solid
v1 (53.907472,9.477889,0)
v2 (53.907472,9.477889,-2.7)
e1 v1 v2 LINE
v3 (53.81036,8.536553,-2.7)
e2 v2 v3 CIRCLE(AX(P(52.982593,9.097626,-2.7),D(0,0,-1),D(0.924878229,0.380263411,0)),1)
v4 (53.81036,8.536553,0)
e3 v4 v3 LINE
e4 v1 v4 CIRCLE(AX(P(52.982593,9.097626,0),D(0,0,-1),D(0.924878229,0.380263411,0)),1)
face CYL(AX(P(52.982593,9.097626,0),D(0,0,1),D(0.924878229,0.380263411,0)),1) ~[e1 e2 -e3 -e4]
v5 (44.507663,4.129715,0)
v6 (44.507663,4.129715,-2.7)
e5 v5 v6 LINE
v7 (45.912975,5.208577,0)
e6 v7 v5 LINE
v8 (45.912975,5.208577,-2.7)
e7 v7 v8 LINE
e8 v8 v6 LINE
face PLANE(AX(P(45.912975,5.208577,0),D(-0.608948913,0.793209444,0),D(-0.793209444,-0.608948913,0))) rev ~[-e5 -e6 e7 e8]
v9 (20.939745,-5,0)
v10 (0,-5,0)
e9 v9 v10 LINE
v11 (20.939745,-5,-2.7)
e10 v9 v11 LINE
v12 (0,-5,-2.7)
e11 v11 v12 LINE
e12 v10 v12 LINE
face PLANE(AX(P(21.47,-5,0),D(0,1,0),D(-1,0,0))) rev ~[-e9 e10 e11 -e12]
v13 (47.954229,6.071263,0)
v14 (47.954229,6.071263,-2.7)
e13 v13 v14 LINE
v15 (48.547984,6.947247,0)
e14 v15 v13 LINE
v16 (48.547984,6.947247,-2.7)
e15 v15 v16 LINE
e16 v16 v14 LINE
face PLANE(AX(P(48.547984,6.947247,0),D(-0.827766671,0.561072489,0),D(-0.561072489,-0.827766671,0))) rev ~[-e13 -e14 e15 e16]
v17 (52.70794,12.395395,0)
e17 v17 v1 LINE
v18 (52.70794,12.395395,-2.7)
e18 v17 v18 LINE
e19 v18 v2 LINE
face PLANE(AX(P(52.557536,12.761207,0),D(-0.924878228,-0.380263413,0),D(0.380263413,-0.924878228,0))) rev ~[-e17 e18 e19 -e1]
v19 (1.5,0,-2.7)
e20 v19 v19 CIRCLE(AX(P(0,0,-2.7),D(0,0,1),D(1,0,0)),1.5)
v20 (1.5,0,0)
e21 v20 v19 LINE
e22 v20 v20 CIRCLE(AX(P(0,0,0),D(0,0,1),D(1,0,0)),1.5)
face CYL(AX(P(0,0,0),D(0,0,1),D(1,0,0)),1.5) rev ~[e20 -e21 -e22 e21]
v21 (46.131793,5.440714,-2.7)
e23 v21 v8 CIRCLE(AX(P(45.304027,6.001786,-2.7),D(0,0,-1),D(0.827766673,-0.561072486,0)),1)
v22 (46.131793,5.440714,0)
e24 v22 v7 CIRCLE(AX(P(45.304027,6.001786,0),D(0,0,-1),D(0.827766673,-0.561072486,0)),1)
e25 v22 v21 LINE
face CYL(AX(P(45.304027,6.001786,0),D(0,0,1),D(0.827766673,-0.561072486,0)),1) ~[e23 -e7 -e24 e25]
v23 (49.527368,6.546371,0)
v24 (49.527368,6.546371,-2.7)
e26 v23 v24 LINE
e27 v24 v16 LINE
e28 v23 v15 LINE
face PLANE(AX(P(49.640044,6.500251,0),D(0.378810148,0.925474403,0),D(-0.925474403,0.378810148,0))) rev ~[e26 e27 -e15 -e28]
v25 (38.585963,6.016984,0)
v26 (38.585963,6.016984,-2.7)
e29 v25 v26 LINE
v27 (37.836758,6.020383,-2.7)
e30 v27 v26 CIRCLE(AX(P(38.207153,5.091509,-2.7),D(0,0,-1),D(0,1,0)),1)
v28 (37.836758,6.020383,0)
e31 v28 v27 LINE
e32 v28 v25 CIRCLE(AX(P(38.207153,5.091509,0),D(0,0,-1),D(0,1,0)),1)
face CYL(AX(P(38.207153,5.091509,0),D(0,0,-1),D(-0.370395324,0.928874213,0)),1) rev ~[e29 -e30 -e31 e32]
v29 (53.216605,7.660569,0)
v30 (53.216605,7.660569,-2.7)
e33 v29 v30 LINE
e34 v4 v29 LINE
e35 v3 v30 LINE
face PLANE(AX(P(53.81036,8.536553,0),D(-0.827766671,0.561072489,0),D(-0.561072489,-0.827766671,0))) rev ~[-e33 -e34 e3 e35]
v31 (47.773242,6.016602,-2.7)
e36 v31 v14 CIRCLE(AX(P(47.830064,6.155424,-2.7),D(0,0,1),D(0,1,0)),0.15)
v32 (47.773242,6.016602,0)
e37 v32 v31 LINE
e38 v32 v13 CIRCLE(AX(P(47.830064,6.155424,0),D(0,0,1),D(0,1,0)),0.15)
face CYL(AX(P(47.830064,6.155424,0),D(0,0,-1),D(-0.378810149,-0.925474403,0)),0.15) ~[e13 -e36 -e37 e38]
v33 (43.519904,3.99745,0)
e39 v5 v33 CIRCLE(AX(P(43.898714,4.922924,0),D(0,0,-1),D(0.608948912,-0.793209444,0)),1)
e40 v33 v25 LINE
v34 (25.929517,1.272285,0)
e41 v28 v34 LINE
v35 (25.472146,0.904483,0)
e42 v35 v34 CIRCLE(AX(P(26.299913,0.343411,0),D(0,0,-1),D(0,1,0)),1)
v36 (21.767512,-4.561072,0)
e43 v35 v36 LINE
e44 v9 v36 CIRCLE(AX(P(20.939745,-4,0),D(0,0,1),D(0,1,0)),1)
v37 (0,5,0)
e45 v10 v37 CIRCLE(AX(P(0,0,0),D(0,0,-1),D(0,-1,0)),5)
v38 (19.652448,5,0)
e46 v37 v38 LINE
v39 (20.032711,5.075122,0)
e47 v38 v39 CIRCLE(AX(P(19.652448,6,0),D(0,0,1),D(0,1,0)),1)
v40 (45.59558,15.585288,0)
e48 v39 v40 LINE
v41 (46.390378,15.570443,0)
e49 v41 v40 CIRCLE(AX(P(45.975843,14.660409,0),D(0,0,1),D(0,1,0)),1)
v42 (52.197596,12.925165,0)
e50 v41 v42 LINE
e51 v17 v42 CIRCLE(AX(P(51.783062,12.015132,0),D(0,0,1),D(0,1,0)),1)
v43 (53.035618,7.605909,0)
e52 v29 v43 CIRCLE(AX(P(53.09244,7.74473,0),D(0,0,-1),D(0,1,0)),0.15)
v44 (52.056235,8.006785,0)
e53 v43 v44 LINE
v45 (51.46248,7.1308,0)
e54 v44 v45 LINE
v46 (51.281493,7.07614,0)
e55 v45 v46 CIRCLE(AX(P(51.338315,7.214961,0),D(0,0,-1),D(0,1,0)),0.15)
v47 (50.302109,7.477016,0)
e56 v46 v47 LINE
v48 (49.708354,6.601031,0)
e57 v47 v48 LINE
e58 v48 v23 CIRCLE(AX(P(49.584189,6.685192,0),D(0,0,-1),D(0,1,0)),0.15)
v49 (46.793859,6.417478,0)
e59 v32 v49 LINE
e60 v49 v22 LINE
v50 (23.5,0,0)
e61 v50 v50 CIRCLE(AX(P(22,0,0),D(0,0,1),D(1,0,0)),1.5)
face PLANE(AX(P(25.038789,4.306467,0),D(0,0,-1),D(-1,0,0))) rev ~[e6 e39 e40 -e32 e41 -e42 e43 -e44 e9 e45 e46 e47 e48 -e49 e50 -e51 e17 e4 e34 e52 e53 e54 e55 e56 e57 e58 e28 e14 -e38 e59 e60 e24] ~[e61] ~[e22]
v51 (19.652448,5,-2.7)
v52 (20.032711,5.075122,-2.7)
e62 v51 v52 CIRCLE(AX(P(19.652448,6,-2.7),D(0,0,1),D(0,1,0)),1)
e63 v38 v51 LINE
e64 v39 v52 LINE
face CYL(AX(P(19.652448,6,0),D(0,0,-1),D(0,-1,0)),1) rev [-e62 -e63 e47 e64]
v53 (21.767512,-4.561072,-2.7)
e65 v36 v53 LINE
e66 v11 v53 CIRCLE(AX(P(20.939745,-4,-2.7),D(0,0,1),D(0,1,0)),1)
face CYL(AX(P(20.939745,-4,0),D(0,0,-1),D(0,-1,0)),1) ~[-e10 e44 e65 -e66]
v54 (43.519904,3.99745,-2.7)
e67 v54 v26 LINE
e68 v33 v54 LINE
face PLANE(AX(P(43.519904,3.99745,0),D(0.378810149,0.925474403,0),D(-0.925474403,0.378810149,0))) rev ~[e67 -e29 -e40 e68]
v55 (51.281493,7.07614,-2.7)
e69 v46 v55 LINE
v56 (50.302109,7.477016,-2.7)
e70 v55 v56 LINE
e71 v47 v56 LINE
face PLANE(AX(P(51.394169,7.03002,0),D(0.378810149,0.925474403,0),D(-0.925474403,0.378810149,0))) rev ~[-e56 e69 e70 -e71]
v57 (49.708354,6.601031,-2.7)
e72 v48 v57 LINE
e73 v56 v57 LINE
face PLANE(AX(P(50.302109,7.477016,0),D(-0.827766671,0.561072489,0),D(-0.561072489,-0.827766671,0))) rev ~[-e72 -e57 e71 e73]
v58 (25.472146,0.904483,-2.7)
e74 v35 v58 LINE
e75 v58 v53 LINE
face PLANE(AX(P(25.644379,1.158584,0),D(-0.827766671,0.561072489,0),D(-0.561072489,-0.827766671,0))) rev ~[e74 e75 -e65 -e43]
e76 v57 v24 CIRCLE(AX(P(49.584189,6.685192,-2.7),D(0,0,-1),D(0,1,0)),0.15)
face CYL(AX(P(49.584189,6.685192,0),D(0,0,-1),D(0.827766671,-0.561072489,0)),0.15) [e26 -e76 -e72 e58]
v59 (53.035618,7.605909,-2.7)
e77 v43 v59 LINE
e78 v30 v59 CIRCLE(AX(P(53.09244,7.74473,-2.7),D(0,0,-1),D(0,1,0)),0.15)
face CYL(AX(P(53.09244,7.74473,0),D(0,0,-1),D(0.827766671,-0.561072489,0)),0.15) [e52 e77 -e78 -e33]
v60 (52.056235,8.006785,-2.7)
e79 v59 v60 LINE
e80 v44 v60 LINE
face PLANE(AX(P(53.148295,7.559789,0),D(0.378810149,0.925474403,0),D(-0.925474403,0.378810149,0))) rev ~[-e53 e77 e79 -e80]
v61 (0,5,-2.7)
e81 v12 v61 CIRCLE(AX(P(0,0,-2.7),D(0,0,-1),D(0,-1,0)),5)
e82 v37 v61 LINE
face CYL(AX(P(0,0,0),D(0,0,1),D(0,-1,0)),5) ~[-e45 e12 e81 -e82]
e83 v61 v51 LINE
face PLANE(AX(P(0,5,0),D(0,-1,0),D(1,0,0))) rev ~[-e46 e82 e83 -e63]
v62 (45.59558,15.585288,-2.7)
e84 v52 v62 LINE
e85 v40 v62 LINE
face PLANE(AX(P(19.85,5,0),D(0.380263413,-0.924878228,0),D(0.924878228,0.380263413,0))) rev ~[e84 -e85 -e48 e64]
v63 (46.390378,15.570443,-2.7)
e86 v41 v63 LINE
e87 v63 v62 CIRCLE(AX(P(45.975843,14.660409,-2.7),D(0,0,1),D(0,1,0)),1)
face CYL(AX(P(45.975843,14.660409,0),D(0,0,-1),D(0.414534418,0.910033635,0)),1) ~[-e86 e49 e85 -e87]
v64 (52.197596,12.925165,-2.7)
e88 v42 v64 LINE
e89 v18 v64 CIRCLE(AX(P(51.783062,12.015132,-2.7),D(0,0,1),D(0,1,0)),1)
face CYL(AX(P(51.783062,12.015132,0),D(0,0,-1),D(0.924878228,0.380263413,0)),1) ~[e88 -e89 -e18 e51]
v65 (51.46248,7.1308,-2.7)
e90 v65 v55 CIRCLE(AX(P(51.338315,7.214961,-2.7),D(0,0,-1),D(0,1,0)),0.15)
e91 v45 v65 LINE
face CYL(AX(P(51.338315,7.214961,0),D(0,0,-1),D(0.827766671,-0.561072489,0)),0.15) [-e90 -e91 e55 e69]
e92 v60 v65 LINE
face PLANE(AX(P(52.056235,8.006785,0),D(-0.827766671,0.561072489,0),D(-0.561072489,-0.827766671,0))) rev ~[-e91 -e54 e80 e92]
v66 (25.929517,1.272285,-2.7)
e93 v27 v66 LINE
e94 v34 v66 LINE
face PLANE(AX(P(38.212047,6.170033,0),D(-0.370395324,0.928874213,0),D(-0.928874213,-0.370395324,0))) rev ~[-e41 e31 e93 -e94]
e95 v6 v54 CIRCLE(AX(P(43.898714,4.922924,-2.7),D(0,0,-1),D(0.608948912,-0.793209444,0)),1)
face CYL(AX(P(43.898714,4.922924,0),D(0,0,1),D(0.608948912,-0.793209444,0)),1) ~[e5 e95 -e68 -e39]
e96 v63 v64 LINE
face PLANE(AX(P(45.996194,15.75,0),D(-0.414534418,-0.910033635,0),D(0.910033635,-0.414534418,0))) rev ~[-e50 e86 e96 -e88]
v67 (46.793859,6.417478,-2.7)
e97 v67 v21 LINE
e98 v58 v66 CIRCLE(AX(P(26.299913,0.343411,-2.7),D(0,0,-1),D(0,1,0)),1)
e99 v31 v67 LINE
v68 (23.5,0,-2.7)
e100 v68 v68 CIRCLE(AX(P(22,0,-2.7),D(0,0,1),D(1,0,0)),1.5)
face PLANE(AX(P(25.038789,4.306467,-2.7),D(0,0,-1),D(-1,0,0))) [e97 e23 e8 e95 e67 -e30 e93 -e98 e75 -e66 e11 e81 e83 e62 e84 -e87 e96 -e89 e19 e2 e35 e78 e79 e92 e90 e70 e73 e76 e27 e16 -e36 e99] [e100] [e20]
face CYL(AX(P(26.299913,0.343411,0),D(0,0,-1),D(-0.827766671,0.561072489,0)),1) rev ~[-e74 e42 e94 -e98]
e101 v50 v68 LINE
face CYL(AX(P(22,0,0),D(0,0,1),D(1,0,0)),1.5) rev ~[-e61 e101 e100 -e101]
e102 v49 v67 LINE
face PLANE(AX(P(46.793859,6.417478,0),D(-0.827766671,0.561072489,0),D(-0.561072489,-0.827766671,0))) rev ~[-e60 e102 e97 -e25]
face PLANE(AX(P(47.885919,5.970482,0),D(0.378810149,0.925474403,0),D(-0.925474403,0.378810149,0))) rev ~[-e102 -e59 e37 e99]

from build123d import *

# Parameters (mm, degrees)
SKETCH1_R           = 1.5
BOSS_EXTRUDE1_DEPTH = 2.7
FILLET1_R           = 0.15
FILLET2_R           = 1
FILLET3_R           = 1
FILLET4_R           = 1


with BuildPart() as part:
    # Sketch1 → Boss-Extrude1 (new body)
    with BuildSketch(Plane.XY):
        with BuildLine():
            Line((0, 5), (19.85, 5))
            Line((19.85, 5), (45.99619398, 15.75))
            Line((45.99619398, 15.75), (52.557536486, 12.761206845))
            Line((52.557536486, 12.761206845), (53.907471601, 9.477889135))
            ThreePointArc((53.907471601, 9.477889135), (53.977314115, 8.995006796), (53.810360044, 8.536553233))
            Line((53.810360044, 8.536553233), (53.148294507, 7.559788561))
            Line((53.148294507, 7.559788561), (52.056234711, 8.006784537))
            Line((52.056234711, 8.006784537), (51.394169174, 7.030019865))
            Line((51.394169174, 7.030019865), (50.302109378, 7.477015841))
            Line((50.302109378, 7.477015841), (49.640043841, 6.500251169))
            Line((49.640043841, 6.500251169), (48.547984045, 6.947247144))
            Line((48.547984045, 6.947247144), (47.885918508, 5.970482472))
            Line((47.885918508, 5.970482472), (46.793858712, 6.417478448))
            Line((46.793858712, 6.417478448), (46.131793175, 5.440713776))
            ThreePointArc((46.131793175, 5.440713776), (46.03170075, 5.315863389), (45.912975416, 5.208576821))
            Line((45.912975416, 5.208576821), (44.507662892, 4.129714813))
            ThreePointArc((44.507662892, 4.129714813), (44.031433487, 3.93177062), (43.519903831, 3.997449854))
            Line((43.519903831, 3.997449854), (38.212047423, 6.170032768))
            Line((38.212047423, 6.170032768), (25.644379319, 1.158584034))
            Line((25.644379319, 1.158584034), (21.47, -5))
            Line((21.47, -5), (0, -5))
            ThreePointArc((0, -5), (-5, 0), (0, 5))
        make_face()
        Circle(SKETCH1_R, mode=Mode.SUBTRACT)
        with Locations((22, 0)):
            Circle(SKETCH1_R, mode=Mode.SUBTRACT)
    extrude(amount=-BOSS_EXTRUDE1_DEPTH)

    # Fillet1
    fillet1_edges = [part.edges().sort_by_distance(p)[0] for p in [
        (53.148294507, 7.559788561, -1.35),
        (51.394169174, 7.030019865, -1.35),
        (49.640043841, 6.500251169, -1.35),
        (47.885918508, 5.970482472, -1.35),
    ]]
    fillet(fillet1_edges, radius=FILLET1_R)

    # Fillet2
    fillet2_edges = [part.edges().sort_by_distance(p)[0] for p in [
        (21.47, -5, -1.35),
        (45.99619398, 15.75, -1.35),
        (52.557536486, 12.761206845, -1.35),
    ]]
    fillet(fillet2_edges, radius=FILLET2_R)

    # Fillet3
    fillet3_edges = [part.edges().sort_by_distance(p)[0] for p in [
        (38.212047423, 6.170032768, -1.35),
        (25.644379319, 1.158584034, -1.35),
    ]]
    fillet(fillet3_edges, radius=FILLET3_R)

    # Fillet4
    fillet4_edges = [part.edges().sort_by_distance(p)[0] for p in [
        (19.85, 5, -1.35),
    ]]
    fillet(fillet4_edges, radius=FILLET4_R)


solid = part.part
